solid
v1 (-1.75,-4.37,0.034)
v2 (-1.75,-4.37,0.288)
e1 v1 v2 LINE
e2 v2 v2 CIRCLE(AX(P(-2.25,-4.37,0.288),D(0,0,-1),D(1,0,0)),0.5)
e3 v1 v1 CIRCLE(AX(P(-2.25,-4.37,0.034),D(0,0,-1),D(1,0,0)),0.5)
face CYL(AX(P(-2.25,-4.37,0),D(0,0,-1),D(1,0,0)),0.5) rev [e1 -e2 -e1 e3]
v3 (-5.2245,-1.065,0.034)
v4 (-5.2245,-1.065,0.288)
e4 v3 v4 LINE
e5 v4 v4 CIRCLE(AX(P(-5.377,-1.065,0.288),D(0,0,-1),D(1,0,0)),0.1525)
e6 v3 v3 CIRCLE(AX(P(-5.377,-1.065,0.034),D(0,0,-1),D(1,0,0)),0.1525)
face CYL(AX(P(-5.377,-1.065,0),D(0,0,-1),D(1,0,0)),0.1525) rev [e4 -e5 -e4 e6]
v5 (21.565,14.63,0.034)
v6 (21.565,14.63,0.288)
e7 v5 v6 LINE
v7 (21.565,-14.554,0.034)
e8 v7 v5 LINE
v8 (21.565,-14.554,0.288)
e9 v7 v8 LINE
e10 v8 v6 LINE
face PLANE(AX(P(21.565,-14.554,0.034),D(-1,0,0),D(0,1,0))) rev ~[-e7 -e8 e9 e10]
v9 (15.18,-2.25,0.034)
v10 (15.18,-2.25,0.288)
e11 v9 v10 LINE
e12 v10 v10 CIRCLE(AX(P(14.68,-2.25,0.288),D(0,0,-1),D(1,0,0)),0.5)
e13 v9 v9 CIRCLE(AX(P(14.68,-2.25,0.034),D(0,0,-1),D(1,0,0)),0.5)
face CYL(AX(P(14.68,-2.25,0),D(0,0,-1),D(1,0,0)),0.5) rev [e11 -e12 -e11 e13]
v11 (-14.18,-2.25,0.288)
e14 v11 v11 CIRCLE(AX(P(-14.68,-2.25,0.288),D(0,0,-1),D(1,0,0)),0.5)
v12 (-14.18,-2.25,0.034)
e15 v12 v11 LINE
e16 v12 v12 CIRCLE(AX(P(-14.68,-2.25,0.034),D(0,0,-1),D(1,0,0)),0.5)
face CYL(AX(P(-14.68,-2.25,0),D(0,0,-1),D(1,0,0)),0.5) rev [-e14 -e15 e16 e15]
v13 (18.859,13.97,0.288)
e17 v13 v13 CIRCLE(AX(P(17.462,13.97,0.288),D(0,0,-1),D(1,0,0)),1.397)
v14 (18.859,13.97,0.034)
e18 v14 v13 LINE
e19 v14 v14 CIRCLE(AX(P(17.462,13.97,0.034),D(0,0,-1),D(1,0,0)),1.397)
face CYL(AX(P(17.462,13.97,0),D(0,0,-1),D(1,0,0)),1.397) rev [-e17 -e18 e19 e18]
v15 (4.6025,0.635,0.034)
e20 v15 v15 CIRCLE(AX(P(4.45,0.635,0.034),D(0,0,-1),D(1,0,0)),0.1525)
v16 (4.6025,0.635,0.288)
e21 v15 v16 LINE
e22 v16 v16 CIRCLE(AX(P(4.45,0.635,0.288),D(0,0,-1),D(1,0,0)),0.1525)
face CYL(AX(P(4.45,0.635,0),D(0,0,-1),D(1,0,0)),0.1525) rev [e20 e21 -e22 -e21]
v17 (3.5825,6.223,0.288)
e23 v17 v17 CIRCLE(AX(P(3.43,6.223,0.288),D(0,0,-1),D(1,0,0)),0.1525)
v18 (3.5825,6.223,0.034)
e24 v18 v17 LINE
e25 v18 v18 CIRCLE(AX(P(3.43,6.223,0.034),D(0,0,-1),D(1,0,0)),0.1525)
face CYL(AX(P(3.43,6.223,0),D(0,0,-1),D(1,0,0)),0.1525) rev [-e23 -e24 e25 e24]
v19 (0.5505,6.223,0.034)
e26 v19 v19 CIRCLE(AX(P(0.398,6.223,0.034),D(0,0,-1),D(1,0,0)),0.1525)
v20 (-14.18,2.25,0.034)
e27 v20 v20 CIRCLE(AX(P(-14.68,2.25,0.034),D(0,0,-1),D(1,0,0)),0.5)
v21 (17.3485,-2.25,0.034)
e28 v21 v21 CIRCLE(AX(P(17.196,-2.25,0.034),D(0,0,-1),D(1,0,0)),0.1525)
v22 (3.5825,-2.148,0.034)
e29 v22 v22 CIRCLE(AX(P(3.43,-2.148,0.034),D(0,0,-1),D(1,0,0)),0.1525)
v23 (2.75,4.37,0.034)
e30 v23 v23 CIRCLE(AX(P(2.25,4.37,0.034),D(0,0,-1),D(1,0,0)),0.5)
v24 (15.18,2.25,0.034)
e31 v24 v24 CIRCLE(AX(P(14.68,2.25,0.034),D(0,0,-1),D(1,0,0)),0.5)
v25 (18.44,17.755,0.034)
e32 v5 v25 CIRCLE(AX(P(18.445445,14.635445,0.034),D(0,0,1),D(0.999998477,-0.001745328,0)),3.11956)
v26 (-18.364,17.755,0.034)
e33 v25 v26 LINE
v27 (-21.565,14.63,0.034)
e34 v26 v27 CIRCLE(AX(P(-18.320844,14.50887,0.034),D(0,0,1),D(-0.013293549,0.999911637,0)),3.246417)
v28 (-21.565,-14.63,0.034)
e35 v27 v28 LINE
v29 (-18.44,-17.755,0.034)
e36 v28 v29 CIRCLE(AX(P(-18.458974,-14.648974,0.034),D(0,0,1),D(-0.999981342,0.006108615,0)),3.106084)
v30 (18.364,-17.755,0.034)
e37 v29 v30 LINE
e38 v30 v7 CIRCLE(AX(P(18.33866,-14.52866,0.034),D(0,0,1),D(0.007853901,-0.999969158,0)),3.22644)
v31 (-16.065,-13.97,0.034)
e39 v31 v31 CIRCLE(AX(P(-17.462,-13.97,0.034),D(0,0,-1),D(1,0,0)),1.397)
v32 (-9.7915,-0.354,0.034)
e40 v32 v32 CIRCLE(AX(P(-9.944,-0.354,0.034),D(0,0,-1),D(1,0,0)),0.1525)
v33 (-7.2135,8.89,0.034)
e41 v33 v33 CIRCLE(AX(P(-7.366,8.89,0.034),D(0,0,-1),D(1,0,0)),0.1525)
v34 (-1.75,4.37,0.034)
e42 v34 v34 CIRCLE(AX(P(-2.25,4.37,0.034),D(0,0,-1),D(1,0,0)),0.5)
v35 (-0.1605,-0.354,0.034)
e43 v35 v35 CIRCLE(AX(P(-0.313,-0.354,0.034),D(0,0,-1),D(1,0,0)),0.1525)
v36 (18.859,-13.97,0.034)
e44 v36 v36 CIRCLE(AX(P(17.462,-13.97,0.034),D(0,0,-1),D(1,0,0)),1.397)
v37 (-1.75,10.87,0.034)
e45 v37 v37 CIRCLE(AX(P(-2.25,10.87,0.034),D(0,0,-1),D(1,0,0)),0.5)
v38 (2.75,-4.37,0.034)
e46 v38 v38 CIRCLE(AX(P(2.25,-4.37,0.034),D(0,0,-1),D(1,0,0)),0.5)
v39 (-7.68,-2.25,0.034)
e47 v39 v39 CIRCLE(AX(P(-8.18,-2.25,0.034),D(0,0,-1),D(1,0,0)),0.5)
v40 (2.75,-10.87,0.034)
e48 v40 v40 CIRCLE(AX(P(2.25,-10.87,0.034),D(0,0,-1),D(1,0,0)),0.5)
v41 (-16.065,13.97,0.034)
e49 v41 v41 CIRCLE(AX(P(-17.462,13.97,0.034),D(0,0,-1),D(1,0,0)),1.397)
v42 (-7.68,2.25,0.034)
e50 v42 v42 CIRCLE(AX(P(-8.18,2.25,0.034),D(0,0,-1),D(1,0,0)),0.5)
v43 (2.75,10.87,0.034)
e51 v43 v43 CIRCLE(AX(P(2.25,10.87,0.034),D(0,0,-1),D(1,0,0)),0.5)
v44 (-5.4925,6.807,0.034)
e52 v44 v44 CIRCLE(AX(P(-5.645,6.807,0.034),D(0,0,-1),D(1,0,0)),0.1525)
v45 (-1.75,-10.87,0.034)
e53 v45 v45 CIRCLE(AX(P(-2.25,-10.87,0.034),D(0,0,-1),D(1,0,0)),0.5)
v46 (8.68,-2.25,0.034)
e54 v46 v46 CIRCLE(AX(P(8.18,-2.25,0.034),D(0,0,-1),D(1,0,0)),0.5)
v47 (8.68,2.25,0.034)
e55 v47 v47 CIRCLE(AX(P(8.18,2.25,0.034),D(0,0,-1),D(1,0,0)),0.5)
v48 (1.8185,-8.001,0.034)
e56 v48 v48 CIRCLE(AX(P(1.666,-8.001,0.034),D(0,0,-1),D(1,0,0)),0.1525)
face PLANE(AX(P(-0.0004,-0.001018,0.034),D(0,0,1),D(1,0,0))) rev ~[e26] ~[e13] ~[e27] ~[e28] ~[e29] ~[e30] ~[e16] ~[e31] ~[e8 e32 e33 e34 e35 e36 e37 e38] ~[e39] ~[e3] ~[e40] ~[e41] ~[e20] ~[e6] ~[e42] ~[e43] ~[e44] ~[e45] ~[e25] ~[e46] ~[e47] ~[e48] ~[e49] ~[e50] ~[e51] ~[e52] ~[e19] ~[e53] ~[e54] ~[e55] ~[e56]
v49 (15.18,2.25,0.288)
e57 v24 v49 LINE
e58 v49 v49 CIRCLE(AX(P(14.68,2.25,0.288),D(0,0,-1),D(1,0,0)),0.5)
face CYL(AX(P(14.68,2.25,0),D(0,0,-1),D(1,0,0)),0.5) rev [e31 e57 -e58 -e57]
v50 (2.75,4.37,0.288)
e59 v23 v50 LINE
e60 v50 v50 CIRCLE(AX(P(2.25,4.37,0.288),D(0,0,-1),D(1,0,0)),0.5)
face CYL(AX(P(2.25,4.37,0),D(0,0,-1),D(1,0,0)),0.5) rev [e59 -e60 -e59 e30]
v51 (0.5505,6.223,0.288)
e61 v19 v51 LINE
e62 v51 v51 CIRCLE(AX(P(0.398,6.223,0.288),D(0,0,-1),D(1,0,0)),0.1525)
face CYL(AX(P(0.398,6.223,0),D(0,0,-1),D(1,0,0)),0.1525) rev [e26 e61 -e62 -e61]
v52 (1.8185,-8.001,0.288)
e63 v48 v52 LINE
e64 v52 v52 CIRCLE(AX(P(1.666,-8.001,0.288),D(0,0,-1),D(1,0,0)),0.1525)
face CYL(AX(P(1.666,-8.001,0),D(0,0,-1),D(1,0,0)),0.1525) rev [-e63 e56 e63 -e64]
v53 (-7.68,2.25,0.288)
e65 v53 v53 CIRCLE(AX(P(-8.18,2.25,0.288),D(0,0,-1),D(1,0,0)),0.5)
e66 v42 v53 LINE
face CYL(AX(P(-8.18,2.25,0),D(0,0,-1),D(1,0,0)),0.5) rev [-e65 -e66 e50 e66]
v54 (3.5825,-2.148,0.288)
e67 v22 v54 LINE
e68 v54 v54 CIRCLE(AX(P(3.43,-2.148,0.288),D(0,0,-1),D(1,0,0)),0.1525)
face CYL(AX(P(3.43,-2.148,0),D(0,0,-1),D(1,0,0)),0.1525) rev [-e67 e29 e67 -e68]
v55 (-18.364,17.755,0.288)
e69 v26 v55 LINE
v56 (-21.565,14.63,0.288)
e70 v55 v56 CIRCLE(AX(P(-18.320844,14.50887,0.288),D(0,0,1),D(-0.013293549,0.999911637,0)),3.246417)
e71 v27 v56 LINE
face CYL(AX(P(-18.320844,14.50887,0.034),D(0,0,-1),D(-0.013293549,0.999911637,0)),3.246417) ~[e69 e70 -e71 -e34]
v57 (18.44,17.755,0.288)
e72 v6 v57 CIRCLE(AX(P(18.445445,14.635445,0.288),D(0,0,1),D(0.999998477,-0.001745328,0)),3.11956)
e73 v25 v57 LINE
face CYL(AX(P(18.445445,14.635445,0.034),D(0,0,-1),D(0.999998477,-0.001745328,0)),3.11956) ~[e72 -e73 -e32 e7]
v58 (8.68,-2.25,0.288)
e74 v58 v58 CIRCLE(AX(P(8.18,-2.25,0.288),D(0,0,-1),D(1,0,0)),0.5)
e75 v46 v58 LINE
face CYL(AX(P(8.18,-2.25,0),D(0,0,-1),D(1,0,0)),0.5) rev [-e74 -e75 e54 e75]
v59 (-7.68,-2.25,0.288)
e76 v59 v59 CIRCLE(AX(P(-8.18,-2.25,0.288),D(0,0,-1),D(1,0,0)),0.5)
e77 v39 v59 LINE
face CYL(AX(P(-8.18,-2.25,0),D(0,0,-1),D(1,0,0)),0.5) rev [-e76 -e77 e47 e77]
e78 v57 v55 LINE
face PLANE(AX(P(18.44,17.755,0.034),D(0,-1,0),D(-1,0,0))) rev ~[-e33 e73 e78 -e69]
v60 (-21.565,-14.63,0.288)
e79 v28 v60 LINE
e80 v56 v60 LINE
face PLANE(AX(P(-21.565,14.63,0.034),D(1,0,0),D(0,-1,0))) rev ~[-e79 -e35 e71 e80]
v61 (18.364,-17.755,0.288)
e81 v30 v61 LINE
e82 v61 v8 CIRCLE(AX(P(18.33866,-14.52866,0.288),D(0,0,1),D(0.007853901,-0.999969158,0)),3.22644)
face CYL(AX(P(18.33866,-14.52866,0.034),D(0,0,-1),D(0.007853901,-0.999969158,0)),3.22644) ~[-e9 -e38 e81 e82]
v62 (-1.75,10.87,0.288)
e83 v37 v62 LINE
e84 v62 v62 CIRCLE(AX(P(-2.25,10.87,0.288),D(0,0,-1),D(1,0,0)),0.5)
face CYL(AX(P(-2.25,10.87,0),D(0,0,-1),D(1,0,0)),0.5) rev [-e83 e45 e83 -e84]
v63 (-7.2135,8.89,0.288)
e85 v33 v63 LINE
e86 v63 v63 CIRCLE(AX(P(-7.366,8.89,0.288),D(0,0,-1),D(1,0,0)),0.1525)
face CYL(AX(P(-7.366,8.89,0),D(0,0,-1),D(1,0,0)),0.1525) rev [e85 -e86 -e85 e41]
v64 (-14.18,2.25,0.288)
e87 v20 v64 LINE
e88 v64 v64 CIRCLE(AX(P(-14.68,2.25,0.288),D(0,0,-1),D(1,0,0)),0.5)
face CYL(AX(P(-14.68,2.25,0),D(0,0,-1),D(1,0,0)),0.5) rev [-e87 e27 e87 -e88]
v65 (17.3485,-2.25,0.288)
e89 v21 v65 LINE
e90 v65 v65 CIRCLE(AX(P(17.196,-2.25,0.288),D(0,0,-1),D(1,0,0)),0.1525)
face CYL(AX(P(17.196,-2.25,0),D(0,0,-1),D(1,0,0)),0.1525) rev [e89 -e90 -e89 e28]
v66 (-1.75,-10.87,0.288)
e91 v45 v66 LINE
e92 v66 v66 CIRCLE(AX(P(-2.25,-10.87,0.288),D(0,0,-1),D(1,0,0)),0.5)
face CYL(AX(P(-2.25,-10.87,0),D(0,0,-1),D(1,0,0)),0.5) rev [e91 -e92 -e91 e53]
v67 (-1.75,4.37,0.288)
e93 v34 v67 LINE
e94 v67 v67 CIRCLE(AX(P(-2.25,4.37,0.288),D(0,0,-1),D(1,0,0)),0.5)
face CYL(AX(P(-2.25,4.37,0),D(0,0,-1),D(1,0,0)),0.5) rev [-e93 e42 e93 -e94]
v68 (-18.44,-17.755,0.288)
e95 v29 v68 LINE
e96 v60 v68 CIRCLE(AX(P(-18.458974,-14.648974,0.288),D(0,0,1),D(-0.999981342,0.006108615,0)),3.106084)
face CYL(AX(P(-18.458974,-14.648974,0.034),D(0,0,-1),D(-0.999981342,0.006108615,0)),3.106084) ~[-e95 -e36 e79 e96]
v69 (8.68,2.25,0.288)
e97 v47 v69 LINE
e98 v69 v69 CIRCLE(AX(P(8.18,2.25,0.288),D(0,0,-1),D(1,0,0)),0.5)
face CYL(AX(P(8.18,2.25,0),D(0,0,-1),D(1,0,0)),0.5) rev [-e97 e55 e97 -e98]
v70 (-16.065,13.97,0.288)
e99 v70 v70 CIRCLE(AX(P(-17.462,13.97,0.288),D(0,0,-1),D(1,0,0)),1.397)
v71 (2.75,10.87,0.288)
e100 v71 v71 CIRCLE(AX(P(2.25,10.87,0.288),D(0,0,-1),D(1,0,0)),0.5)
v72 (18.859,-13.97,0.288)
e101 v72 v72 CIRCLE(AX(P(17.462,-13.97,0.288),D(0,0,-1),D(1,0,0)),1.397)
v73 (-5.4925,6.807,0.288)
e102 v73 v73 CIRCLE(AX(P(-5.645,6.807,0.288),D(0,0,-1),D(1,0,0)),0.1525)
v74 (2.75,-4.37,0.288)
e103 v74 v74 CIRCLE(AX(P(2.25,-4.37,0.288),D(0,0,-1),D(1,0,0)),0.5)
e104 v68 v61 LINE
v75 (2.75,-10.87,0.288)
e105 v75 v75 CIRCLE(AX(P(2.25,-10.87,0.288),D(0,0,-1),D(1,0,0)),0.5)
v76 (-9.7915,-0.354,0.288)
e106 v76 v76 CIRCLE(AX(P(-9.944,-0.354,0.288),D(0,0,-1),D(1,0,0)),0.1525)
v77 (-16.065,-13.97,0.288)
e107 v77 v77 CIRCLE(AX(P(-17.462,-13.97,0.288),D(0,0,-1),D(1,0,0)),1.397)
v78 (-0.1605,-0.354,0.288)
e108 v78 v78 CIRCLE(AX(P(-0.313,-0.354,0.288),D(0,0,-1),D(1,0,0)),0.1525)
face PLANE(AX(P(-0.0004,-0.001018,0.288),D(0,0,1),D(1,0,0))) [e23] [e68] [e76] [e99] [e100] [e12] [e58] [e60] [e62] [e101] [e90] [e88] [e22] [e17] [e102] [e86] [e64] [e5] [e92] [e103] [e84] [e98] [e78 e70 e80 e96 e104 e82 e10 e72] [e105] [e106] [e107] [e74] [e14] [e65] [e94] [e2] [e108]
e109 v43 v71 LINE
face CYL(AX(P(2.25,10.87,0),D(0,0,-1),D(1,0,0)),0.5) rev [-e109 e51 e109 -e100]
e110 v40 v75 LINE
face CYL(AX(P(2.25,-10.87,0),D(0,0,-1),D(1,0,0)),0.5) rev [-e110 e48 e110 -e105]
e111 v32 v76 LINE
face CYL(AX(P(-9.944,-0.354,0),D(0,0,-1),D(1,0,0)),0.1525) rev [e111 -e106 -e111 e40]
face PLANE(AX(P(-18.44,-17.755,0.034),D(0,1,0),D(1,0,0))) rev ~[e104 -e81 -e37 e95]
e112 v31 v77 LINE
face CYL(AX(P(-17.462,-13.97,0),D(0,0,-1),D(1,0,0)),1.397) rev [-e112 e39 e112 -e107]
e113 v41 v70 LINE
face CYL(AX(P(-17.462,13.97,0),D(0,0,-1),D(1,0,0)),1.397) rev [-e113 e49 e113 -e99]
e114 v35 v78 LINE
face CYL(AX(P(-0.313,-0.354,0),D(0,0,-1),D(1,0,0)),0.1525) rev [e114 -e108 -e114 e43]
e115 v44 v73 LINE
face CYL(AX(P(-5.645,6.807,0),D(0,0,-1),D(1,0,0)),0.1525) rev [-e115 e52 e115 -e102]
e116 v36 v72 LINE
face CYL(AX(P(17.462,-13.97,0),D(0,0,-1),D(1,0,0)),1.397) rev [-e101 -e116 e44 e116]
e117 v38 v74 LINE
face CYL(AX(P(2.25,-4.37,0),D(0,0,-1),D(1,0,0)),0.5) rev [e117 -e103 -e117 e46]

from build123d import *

# Parameters (mm, degrees)
BOARD_OUTLINE_START = 0.034
BOARD_OUTLINE_DEPTH = 0.254
SKETCH2_R           = 1.397
NPTH_DEPTH          = 1.288
SKETCH3_R           = 0.5
SKETCH3_R_2         = 0.1525
PTH_DEPTH           = 1.288


with BuildPart() as part:
    # Sketch1 → Board_Outline (new body)
    with BuildSketch(Plane.XY.offset(BOARD_OUTLINE_START)):
        with BuildLine():
            Line((-21.565, 14.63), (-21.565, -14.63))
            ThreePointArc((-21.565, -14.63), (-20.655306988, -16.845306988), (-18.44, -17.755))
            Line((-18.44, -17.755), (18.364, -17.755))
            ThreePointArc((18.364, -17.755), (20.620097217, -16.810097217), (21.565, -14.554))
            Line((21.565, -14.554), (21.565, 14.63))
            ThreePointArc((21.565, 14.63), (20.651306754, 16.841306754), (18.44, 17.755))
            Line((18.44, 17.755), (-18.364, 17.755))
            ThreePointArc((-18.364, 17.755), (-20.588664714, 16.8318444), (-21.565, 14.63))
        make_face()
    extrude(amount=BOARD_OUTLINE_DEPTH)

    # Sketch2 → NPTH (cut, through all)
    with BuildSketch(Plane.XY):
        with Locations((-17.462, 13.97)):
            Circle(SKETCH2_R)
        with Locations((17.462, -13.97)):
            Circle(SKETCH2_R)
        with Locations((17.462, 13.97)):
            Circle(SKETCH2_R)
        with Locations((-17.462, -13.97)):
            Circle(SKETCH2_R)
    extrude(amount=NPTH_DEPTH, mode=Mode.SUBTRACT)

    # Sketch3 → PTH (cut, through all)
    with BuildSketch(Plane.XY):
        with Locations((-2.25, 10.87)):
            Circle(SKETCH3_R)
        with Locations((2.25, 10.87)):
            Circle(SKETCH3_R)
        with Locations((2.25, 4.37)):
            Circle(SKETCH3_R)
        with Locations((-2.25, 4.37)):
            Circle(SKETCH3_R)
        with Locations((-8.18, 2.25)):
            Circle(SKETCH3_R)
        with Locations((-8.18, -2.25)):
            Circle(SKETCH3_R)
        with Locations((-14.68, -2.25)):
            Circle(SKETCH3_R)
        with Locations((-14.68, 2.25)):
            Circle(SKETCH3_R)
        with Locations((-2.25, -4.37)):
            Circle(SKETCH3_R)
        with Locations((2.25, -4.37)):
            Circle(SKETCH3_R)
        with Locations((2.25, -10.87)):
            Circle(SKETCH3_R)
        with Locations((-2.25, -10.87)):
            Circle(SKETCH3_R)
        with Locations((14.68, 2.25)):
            Circle(SKETCH3_R)
        with Locations((14.68, -2.25)):
            Circle(SKETCH3_R)
        with Locations((8.18, -2.25)):
            Circle(SKETCH3_R)
        with Locations((8.18, 2.25)):
            Circle(SKETCH3_R)
        with Locations((4.45, 0.635)):
            Circle(SKETCH3_R_2)
        with Locations((-7.366, 8.89)):
            Circle(SKETCH3_R_2)
        with Locations((3.43, -2.148)):
            Circle(SKETCH3_R_2)
        with Locations((3.43, 6.223)):
            Circle(SKETCH3_R_2)
        with Locations((-9.944, -0.354)):
            Circle(SKETCH3_R_2)
        with Locations((-0.313, -0.354)):
            Circle(SKETCH3_R_2)
        with Locations((0.398, 6.223)):
            Circle(SKETCH3_R_2)
        with Locations((-5.377, -1.065)):
            Circle(SKETCH3_R_2)
        with Locations((17.196, -2.25)):
            Circle(SKETCH3_R_2)
        with Locations((1.666, -8.001)):
            Circle(SKETCH3_R_2)
        with Locations((-5.645, 6.807)):
            Circle(SKETCH3_R_2)
    extrude(amount=PTH_DEPTH, mode=Mode.SUBTRACT)


solid = part.part
